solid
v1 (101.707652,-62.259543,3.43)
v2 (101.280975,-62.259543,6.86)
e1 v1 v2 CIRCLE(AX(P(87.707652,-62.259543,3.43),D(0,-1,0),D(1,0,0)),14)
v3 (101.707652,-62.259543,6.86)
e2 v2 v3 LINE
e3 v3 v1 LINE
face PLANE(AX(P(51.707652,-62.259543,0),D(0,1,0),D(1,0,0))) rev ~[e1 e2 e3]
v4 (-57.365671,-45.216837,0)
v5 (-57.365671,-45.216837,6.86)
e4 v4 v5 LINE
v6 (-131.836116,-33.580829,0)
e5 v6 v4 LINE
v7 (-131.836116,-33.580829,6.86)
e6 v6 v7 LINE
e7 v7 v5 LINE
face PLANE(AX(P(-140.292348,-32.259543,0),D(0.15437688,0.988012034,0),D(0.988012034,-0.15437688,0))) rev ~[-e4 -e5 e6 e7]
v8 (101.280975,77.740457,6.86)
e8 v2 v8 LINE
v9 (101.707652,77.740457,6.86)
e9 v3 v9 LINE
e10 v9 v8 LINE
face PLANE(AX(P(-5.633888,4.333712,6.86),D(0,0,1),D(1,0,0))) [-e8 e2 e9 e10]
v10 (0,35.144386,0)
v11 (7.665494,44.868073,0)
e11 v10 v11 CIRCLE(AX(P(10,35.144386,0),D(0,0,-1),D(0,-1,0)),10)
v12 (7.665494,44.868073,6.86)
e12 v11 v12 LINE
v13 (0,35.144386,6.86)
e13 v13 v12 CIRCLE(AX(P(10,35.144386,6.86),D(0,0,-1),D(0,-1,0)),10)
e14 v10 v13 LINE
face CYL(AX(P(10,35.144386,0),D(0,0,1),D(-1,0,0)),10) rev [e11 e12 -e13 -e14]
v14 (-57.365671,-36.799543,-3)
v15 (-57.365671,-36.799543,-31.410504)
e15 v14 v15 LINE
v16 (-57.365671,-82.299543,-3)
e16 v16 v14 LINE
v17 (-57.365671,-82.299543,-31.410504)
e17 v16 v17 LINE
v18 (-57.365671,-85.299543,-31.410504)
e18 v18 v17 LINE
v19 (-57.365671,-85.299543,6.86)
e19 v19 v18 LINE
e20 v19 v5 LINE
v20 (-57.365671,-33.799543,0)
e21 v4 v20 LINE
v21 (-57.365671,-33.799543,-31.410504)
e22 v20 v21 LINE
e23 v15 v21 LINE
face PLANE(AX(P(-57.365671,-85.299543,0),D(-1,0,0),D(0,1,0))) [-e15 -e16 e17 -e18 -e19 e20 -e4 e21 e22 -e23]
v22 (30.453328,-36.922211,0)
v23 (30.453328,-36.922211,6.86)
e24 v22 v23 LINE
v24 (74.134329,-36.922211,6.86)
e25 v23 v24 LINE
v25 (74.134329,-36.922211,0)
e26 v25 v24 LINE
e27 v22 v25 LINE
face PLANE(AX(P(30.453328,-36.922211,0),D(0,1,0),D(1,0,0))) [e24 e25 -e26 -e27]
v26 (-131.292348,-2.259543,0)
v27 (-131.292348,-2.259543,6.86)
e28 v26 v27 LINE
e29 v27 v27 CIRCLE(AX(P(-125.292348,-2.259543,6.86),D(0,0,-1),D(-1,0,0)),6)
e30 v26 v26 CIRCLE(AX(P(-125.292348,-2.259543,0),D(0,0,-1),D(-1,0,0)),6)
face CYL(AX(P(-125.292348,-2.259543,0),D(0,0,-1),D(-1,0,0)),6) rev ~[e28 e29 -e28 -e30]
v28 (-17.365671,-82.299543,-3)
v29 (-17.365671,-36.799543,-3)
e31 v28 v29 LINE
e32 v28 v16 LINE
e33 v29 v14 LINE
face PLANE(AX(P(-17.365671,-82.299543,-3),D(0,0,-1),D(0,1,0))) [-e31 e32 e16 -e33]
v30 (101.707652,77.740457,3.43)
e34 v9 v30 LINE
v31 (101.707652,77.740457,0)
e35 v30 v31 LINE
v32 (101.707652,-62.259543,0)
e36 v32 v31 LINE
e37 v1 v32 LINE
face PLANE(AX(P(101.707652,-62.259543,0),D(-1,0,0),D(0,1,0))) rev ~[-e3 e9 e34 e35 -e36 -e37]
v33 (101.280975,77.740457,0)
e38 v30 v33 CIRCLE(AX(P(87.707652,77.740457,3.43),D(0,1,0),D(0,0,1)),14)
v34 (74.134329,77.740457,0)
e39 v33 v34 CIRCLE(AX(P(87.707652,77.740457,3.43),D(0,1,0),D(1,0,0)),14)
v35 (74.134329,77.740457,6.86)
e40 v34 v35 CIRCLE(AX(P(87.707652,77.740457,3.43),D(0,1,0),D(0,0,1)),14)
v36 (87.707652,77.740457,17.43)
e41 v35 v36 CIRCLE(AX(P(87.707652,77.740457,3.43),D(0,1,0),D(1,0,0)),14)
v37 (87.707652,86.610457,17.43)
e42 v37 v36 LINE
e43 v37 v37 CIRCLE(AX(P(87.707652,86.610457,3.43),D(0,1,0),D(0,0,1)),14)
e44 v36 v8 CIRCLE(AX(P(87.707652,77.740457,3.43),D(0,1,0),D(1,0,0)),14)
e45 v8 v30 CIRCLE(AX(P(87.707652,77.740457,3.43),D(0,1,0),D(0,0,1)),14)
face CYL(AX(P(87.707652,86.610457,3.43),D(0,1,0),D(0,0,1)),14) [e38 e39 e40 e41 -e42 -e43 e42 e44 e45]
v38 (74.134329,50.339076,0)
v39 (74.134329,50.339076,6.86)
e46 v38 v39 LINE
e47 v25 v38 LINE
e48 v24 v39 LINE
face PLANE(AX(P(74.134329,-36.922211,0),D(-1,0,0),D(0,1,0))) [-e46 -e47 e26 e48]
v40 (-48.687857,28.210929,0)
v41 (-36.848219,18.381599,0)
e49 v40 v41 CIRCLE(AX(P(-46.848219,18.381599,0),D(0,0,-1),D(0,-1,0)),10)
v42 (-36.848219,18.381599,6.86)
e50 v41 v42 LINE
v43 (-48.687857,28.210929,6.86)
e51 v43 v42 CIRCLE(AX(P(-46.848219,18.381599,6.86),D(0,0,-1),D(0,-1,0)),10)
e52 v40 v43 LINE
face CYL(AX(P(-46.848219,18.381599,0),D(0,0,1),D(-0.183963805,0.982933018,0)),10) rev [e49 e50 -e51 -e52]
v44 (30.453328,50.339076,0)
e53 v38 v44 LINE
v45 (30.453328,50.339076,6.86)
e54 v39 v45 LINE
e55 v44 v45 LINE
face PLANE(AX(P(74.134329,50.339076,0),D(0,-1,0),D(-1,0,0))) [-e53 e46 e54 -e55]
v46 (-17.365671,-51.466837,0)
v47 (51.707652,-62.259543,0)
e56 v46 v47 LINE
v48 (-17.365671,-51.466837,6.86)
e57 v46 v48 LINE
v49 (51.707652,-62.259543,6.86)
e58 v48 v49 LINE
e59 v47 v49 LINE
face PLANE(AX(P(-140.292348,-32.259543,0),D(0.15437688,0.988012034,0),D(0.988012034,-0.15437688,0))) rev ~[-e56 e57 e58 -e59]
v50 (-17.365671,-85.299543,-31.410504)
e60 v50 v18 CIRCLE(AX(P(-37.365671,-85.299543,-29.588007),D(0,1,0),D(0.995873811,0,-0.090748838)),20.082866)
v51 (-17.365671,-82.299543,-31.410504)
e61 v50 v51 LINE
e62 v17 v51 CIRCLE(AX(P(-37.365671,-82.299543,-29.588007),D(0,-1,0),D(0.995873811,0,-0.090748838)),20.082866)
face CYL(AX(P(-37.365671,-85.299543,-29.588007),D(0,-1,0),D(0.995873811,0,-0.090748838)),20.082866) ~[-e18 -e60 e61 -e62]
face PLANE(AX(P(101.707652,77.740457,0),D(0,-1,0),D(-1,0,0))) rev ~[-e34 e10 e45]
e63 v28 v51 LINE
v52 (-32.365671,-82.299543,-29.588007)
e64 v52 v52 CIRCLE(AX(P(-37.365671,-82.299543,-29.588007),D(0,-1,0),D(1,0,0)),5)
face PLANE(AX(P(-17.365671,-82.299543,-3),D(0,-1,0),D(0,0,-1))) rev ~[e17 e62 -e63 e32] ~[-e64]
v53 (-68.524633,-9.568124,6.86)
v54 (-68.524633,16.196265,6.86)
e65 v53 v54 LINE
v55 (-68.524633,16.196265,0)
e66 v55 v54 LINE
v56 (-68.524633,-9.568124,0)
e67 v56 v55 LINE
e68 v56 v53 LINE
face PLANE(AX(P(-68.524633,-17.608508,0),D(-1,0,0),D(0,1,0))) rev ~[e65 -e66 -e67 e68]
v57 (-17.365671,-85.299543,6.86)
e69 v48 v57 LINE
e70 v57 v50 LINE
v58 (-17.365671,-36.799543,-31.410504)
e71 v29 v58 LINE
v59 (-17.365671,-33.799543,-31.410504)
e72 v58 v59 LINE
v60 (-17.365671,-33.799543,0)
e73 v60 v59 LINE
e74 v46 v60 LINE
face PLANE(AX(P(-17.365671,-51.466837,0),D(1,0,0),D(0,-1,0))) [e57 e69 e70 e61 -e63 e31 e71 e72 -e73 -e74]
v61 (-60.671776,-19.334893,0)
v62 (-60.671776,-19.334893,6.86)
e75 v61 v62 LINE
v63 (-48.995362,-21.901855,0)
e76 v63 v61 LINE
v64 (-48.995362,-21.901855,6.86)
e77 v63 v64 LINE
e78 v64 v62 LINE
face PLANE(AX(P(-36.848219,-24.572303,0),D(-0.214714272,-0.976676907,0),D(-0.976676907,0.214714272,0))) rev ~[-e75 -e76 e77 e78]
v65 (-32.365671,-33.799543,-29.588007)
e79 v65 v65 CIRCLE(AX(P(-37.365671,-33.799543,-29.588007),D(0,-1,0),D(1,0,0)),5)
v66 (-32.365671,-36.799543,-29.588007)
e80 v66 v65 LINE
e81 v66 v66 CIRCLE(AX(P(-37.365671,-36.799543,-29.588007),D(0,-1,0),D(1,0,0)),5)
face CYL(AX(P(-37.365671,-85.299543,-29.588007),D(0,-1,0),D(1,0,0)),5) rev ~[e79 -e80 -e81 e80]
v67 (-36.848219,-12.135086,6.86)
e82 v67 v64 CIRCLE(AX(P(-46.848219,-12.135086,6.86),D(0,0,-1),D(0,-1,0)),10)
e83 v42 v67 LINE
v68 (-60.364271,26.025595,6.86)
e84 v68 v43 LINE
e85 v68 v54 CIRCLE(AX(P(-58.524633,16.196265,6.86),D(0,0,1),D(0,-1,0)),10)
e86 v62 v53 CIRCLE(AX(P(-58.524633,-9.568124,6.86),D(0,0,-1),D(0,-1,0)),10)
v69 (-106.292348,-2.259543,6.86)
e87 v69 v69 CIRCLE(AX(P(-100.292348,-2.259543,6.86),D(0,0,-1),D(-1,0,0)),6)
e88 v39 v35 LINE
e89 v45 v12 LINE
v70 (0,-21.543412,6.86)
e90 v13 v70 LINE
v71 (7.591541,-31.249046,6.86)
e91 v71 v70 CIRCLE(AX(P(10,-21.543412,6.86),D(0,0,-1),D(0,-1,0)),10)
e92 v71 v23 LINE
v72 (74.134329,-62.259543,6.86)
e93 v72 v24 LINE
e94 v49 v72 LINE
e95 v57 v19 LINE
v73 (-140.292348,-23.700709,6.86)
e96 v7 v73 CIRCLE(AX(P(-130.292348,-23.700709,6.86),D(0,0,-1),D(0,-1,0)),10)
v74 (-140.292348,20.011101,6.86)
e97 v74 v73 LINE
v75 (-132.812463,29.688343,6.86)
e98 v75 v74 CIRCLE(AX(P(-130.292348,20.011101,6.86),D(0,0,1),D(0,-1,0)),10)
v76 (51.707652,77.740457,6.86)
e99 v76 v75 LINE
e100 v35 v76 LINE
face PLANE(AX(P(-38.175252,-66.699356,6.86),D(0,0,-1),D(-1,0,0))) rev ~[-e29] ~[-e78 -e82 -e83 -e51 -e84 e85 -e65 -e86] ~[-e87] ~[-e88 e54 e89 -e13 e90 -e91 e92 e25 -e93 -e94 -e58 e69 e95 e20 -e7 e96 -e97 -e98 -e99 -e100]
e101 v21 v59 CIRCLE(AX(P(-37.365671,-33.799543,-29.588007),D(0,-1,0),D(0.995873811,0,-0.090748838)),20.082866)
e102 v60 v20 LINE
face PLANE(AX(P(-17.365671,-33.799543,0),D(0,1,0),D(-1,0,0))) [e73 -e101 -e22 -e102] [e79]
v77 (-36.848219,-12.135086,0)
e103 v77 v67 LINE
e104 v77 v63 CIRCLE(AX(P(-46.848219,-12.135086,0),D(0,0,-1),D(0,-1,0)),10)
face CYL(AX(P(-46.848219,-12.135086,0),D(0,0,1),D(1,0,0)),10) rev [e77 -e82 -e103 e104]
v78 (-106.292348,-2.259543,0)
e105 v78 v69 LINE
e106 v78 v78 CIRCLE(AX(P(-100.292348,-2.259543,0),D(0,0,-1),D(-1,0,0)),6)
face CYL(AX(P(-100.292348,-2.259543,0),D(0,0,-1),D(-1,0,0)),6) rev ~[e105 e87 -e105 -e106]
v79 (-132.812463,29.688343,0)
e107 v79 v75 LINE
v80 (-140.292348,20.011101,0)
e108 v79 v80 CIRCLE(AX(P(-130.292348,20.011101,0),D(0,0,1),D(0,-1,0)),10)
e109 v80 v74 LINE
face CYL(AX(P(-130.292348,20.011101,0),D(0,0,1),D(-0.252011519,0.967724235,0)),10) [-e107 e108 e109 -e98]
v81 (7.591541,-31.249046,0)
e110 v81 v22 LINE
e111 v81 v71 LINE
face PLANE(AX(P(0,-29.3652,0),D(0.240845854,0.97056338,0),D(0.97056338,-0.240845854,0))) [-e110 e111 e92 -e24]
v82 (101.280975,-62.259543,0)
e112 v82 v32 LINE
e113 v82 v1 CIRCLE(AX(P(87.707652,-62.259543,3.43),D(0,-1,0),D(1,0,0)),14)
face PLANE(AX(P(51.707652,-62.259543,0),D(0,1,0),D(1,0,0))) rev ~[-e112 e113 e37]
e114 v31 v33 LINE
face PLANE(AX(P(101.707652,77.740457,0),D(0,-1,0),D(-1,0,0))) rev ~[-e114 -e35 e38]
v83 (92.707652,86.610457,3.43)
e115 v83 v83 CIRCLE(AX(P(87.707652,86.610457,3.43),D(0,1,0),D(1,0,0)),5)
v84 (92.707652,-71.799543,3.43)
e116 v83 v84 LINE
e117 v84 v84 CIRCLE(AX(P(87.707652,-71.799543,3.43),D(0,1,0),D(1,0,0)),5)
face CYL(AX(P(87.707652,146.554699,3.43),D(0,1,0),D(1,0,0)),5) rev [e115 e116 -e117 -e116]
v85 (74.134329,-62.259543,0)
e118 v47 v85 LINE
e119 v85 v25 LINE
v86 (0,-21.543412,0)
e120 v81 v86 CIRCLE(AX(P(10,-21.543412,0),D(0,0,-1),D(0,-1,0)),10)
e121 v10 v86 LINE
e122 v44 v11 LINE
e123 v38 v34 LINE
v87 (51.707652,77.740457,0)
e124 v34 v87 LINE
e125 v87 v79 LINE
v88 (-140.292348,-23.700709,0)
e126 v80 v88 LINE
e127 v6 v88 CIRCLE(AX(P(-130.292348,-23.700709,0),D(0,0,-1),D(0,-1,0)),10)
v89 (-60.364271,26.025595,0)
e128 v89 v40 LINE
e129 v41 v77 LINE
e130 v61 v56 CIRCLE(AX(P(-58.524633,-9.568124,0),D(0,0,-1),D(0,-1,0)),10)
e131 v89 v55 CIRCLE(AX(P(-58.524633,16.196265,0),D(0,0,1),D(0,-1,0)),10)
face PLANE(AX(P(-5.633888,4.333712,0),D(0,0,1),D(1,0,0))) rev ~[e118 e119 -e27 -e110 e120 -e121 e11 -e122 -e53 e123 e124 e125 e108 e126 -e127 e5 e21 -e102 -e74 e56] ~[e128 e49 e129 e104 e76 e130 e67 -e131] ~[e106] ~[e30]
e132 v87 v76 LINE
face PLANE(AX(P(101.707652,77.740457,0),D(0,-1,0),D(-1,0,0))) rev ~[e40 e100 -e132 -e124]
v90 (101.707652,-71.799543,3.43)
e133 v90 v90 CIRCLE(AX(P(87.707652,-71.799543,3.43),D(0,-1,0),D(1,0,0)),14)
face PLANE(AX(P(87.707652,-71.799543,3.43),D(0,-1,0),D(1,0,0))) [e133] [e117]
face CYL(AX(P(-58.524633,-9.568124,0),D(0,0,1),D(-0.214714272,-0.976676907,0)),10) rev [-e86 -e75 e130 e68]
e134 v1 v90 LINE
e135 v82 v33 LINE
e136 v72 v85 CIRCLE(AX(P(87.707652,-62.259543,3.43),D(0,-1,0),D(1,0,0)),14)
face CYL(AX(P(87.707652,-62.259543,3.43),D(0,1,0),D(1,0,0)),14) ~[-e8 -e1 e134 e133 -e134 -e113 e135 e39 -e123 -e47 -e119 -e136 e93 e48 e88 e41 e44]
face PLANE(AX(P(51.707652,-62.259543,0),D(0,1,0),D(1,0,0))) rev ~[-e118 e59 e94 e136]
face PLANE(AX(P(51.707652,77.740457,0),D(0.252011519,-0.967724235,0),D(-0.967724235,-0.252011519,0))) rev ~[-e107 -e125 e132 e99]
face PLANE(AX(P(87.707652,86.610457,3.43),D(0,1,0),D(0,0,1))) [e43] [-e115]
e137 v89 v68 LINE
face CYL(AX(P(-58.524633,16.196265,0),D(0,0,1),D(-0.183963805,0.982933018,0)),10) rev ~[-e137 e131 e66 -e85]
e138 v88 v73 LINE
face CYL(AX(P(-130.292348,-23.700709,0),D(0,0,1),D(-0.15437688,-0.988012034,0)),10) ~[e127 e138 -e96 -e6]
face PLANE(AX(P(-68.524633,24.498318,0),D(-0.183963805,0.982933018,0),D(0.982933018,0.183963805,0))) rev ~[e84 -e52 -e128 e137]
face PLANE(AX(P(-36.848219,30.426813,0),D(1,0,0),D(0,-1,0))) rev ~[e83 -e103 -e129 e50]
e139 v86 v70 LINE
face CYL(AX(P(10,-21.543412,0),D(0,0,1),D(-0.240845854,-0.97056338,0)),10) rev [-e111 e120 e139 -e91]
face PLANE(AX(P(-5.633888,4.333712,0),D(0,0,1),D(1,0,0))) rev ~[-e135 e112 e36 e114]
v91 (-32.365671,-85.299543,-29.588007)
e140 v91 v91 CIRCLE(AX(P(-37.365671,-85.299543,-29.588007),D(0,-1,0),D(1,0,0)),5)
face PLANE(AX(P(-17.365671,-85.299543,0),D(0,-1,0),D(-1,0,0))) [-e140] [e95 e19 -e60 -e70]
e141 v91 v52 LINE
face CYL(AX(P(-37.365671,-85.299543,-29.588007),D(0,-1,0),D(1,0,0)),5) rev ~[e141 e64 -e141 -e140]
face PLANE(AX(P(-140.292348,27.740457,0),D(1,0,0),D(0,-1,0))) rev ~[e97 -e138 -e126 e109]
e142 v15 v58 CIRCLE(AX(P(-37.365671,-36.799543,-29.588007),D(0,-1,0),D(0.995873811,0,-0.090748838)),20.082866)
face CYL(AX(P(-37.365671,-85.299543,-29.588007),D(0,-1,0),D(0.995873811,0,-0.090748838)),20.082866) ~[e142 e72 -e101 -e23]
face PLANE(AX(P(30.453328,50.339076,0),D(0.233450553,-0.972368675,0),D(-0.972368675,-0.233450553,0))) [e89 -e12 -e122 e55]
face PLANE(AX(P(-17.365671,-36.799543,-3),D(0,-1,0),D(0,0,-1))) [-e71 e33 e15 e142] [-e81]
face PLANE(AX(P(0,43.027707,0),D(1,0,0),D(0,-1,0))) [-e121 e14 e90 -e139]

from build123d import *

# Parameters (mm, degrees)
EXTRUDE_1_DEPTH          = 6.86
SKETCH_3_R               = 14
EXTRUDE_2_DEPTH          = 140
SKETCH_4_R               = 14
EXTRUDE_3_DEPTH          = 9.54
EXTRUDE_START            = 8.87
SKETCH_5_R               = 14
EXTRUDE_4_DEPTH          = 8.87
SKETCH_6_W               = 40
SKETCH_6_H               = 51.5
EXTRUDE_5_DEPTH          = 50
CUT_EXTRUDE_1_DEPTH      = 70
SKETCH_8_W               = 58.379913489
SKETCH_8_H               = 45.5
CUT_EXTRUDE_2_DEPTH      = 50
SKETCH_9_R               = 5
CUT_EXTRUDE_3_DEPTH      = 60
EXTRUDE_6_DEPTH          = 6.86
SKETCH_11_R              = 6
CUT_EXTRUDE_4_DEPTH      = 6.86
CUT_EXTRUDE_5_DEPTH      = 218.354242016
CUT_EXTRUDE_5_DEPTH_BACK = 218.354242016
SKETCH_12_R              = 5
CUT_EXTRUDE_6_DEPTH      = 6.86
CUT_EXTRUDE_7_DEPTH      = 6.86
FILLET_1_R               = 10
FILLET_2_R               = 10


with BuildPart() as part:
    # 스케치1 → 보스-돌출1 (new body)
    with BuildSketch(Plane.XY):
        Polygon((-140.292347602, 27.740456746), (-140.292347602, -32.259543254), (51.707652398, -62.259543254), (101.707652398, -62.259543254), (101.707652398, 77.740456746), (51.707652398, 77.740456746), align=None)
    extrude(amount=EXTRUDE_1_DEPTH)

    # 스케치3 → 보스-돌출2 (add)
    with BuildSketch(Plane(origin=(0, 77.740456746, 0), x_dir=(1, 0, 0), z_dir=(0, 1, 0))):
        with Locations((87.707652398, -3.43)):
            Circle(SKETCH_3_R)
    extrude(amount=-EXTRUDE_2_DEPTH)

    # 스케치4 → 보스-돌출3 (add)
    with BuildSketch(Plane.XZ.offset(62.259543254)):
        with Locations((87.707652398, 3.43)):
            Circle(SKETCH_4_R)
    extrude(amount=EXTRUDE_3_DEPTH)

    # 스케치5 → 보스-돌출4 (add)
    with BuildSketch(Plane(origin=(0, 77.740456746, 0), x_dir=(1, 0, 0), z_dir=(0, 1, 0)).offset(EXTRUDE_START)):
        with Locations(Location((87.707652398, -3.43, 0), (0, 0, 270))):
            Circle(SKETCH_5_R)
    extrude(amount=-EXTRUDE_4_DEPTH)

    # 스케치6 → 보스-돌출5 (add)
    with BuildSketch(Plane(origin=(0, 0, 0), x_dir=(-1, 0, 0), z_dir=(0, 0, -1))):
        with Locations((37.365670703, -59.549543254)):
            Rectangle(SKETCH_6_W, SKETCH_6_H)
    extrude(amount=EXTRUDE_5_DEPTH)

    # 스케치7 → 컷-돌출1 (cut)
    with BuildSketch(Plane.XZ.offset(85.299543254)):
        with BuildLine():
            Line((-57.365670703, -31.410504054), (-57.365670703, -50))
            Line((-57.365670703, -50), (-17.365670703, -50))
            Line((-17.365670703, -50), (-17.365670703, -31.410504054))
            ThreePointArc((-17.365670703, -31.410504054), (-37.365670703, -49.67087302), (-57.365670703, -31.410504054))
        make_face()
    extrude(amount=-CUT_EXTRUDE_1_DEPTH, mode=Mode.SUBTRACT)

    # 스케치8 → 컷-돌출2 (cut)
    with BuildSketch(Plane(origin=(-17.365670703, 0, 0), x_dir=(0, 0, -1), z_dir=(1, 0, 0))):
        with Locations((32.189956745, -59.549543254)):
            Rectangle(SKETCH_8_W, SKETCH_8_H)
    extrude(amount=-CUT_EXTRUDE_2_DEPTH, mode=Mode.SUBTRACT)

    # 스케치9 → 컷-돌출3 (cut)
    with BuildSketch(Plane.XZ.offset(85.299543254)):
        with Locations((-37.365670703, -29.58800733)):
            Circle(SKETCH_9_R)
    extrude(amount=-CUT_EXTRUDE_3_DEPTH, mode=Mode.SUBTRACT)

    # 스케치10 → 보스-돌출6 (add)
    with BuildSketch(Plane.XY):
        Polygon((-17.365670703, -51.466836519), (-17.365670703, -85.299543254), (-57.365670703, -85.299543254), (-57.365670703, -45.216836519), align=None)
    extrude(amount=EXTRUDE_6_DEPTH)

    # 스케치11 → 컷-돌출4 (cut)
    with BuildSketch(Plane(origin=(0, 0, 0), x_dir=(-1, 0, 0), z_dir=(0, 0, -1))):
        with Locations((100.292347602, -2.259543254)):
            Circle(SKETCH_11_R)
        with Locations((125.292347602, -2.259543254)):
            Circle(SKETCH_11_R)
    extrude(amount=-CUT_EXTRUDE_4_DEPTH, mode=Mode.SUBTRACT)

    # 스케치12 → 컷-돌출5 (cut, two sides: drawn at the far end of the back side and taken through both)
    with BuildSketch(Plane.XZ.offset(71.799543254).offset(-CUT_EXTRUDE_5_DEPTH_BACK)):
        with Locations((87.707652398, 3.43)):
            Circle(SKETCH_12_R)
    extrude(amount=CUT_EXTRUDE_5_DEPTH + CUT_EXTRUDE_5_DEPTH_BACK, mode=Mode.SUBTRACT)

    # 스케치13 → 컷-돌출6 (cut)
    with BuildSketch(Plane(origin=(0, 0, 0), x_dir=(-1, 0, 0), z_dir=(0, 0, -1))):
        Polygon((-74.134329297, 50.339076342), (-30.453327594, 50.339076342), (0, 43.027707352), (0, -29.365200476), (-30.453327594, -36.922211026), (-74.134329297, -36.922211026), align=None)
    extrude(amount=-CUT_EXTRUDE_6_DEPTH, mode=Mode.SUBTRACT)

    # 스케치14 → 컷-돌출7 (cut)
    with BuildSketch(Plane(origin=(0, 0, 0), x_dir=(-1, 0, 0), z_dir=(0, 0, -1))):
        Polygon((68.524633072, 24.49831751), (36.848219376, 30.426812619), (36.848219376, -24.572302869), (68.524633072, -17.60850751), align=None)
    extrude(amount=-CUT_EXTRUDE_7_DEPTH, mode=Mode.SUBTRACT)

    # 필렛1
    fillet_1_edges = [part.edges().sort_by_distance(p)[0] for p in [
        (0, 43.027707352, 3.43),
        (0, -29.365200476, 3.43),
        (-68.524633072, 24.49831751, 3.43),
        (-68.524633072, -17.60850751, 3.43),
        (-36.848219376, -24.572302869, 3.43),
        (-36.848219376, 30.426812619, 3.43),
    ]]
    fillet(fillet_1_edges, radius=FILLET_1_R)

    # 필렛2
    fillet_2_edges = [part.edges().sort_by_distance(p)[0] for p in [
        (-140.292347602, -32.259543254, 3.43),
        (-140.292347602, 27.740456746, 3.43),
    ]]
    fillet(fillet_2_edges, radius=FILLET_2_R)


solid = part.part
